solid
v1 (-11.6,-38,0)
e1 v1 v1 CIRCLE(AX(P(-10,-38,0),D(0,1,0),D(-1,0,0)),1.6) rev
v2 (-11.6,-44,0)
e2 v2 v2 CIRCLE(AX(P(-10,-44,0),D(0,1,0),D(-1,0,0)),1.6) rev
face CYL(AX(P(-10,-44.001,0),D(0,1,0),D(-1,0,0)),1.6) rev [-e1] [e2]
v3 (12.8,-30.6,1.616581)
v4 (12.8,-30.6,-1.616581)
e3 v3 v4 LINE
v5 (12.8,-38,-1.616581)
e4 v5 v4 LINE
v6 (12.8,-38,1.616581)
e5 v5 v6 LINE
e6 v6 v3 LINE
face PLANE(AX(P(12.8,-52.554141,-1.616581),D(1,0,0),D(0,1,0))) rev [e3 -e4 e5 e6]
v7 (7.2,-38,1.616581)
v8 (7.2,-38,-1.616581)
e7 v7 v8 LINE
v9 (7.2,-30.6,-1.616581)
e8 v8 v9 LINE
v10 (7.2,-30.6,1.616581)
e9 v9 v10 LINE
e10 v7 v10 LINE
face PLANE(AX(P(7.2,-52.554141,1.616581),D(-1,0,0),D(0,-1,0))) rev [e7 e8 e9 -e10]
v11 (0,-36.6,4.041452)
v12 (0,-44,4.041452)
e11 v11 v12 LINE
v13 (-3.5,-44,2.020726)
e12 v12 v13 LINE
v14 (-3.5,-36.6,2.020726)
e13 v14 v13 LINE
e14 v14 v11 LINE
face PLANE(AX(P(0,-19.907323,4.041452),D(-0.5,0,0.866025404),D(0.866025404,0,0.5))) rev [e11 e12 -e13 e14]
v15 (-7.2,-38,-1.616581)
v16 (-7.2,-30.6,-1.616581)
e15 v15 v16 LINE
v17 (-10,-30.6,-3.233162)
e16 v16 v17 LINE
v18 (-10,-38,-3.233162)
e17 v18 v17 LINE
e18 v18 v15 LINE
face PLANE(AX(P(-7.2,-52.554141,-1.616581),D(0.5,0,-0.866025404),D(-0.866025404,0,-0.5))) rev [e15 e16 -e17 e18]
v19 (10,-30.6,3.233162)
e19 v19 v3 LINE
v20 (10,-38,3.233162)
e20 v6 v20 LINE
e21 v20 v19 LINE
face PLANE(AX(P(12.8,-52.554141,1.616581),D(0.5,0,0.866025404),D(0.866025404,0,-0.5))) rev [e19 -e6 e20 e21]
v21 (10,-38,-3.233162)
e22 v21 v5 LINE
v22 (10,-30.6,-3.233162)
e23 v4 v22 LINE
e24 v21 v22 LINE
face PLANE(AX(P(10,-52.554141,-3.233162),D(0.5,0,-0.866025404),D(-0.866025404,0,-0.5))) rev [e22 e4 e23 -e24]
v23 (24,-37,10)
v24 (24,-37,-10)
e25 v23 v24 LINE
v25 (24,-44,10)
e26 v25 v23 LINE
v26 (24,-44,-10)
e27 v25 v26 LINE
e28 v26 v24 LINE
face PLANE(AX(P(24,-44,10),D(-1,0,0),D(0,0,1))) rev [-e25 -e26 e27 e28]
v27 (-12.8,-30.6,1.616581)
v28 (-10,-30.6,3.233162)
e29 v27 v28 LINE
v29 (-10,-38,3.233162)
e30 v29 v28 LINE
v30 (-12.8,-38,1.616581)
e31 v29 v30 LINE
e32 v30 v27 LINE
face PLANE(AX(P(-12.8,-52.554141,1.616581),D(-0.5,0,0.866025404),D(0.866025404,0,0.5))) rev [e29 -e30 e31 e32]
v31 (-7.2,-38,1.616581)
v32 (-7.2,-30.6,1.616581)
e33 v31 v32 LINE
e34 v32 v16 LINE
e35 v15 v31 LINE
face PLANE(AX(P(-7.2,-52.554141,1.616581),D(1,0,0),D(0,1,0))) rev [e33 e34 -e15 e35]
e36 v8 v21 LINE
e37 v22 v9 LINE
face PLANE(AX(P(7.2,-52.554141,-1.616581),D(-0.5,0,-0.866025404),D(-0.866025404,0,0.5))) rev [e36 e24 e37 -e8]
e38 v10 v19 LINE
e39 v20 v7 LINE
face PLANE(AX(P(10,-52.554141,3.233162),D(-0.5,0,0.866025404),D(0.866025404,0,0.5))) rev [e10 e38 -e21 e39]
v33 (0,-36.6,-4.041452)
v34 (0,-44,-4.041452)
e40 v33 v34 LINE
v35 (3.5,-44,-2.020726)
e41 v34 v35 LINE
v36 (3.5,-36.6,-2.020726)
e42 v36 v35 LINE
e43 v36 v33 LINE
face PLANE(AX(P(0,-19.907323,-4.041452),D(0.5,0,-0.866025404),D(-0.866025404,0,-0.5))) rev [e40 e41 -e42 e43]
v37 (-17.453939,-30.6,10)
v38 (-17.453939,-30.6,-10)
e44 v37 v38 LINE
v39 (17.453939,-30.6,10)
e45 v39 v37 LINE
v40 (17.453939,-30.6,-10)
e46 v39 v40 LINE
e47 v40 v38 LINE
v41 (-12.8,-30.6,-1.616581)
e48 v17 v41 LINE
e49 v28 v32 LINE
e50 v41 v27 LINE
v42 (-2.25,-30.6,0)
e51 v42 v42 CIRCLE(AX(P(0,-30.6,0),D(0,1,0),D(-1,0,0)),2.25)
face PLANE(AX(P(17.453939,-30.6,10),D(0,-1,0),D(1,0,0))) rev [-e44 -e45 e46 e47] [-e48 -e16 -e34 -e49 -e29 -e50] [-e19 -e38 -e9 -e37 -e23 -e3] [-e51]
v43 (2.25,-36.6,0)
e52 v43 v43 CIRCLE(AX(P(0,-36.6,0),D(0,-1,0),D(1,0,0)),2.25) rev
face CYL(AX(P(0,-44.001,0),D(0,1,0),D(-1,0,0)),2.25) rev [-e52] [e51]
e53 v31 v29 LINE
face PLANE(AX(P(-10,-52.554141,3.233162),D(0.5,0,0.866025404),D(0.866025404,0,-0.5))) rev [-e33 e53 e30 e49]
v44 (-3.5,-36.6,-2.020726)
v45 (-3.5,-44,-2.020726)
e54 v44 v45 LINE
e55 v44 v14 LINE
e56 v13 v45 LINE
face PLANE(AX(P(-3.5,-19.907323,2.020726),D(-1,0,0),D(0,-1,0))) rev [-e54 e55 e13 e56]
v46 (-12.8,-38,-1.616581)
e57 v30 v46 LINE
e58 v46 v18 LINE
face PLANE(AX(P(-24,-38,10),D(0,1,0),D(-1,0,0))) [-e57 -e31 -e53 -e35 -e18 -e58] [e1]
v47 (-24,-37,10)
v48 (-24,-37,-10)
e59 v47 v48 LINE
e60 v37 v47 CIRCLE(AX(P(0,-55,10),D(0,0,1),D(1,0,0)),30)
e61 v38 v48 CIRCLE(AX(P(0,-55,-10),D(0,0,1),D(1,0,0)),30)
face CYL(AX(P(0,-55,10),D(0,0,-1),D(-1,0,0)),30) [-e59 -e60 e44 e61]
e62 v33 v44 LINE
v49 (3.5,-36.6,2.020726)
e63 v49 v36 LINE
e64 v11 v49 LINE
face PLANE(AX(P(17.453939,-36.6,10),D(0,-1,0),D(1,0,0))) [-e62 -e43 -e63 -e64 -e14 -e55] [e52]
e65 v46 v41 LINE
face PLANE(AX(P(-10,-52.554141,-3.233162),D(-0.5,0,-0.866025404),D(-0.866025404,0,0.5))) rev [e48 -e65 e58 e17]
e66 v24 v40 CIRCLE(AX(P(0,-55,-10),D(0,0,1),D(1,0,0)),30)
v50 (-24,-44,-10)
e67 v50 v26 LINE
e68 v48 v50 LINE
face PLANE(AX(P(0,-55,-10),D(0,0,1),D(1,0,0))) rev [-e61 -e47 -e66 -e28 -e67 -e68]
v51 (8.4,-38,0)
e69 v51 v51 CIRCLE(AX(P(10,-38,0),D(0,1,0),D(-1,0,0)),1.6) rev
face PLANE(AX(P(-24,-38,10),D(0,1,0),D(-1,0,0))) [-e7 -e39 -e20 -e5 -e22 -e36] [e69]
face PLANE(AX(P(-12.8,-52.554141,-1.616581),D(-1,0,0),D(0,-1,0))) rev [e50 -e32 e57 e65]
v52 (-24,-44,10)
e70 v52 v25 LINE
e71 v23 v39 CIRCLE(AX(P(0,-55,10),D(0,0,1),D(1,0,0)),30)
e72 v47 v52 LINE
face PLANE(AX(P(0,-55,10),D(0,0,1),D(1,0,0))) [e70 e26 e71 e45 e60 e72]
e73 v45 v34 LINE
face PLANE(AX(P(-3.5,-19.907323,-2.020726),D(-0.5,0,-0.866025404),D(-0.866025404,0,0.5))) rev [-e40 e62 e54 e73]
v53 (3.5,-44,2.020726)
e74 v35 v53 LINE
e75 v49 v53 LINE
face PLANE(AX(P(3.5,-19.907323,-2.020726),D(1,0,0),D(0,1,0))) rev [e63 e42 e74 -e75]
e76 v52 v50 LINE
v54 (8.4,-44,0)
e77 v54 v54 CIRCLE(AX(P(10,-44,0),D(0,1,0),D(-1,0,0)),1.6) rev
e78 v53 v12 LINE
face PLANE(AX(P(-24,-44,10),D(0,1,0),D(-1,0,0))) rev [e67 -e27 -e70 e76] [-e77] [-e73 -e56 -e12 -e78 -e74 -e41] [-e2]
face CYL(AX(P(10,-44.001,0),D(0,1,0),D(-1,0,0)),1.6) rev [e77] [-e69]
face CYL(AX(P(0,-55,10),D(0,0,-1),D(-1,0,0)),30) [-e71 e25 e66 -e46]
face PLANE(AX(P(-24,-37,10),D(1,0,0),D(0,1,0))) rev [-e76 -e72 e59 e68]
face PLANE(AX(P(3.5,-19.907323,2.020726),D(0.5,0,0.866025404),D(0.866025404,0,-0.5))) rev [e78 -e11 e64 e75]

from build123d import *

# Parameters (mm, degrees)
BOSS_EXTRUDE1_DEPTH = 10
CUT_EXTRUDE1_REACH  = 15.4
SKETCH2_R           = 2.25
SKETCH2_R_2         = 1.6
CUT_EXTRUDE2_DEPTH  = 7.4
CUT_EXTRUDE3_DEPTH  = 7.4


with BuildPart() as part:
    # Sketch1 → Boss-Extrude1 (new body, symmetric)
    with BuildSketch(Plane.XY):
        with BuildLine():
            Line((17.453939383, -30.6), (-17.453939383, -30.6))
            ThreePointArc((-17.453939383, -30.6), (-20.972536151, -33.54882923), (-24, -37))
            Line((-24, -37), (-24, -44))
            Line((-24, -44), (24, -44))
            Line((24, -44), (24, -37))
            ThreePointArc((24, -37), (20.972536151, -33.54882923), (17.453939383, -30.6))
        make_face()
    extrude(amount=BOSS_EXTRUDE1_DEPTH, both=True)

    # Sketch2 → Cut-Extrude1 (cut, up to next)
    with BuildSketch(Plane(origin=(0, -30.6, 0), x_dir=(1, 0, 0), z_dir=(0, 1, 0)), mode=Mode.PRIVATE) as cut_extrude1_sk1:
        Circle(SKETCH2_R)
    cut_extrude1_tool1 = extrude(cut_extrude1_sk1.sketch, amount=-CUT_EXTRUDE1_REACH, mode=Mode.PRIVATE) & part.part
    add(cut_extrude1_tool1.solids().sort_by_distance((0, -30.6, 0))[0], mode=Mode.SUBTRACT)
    # Sketch2 → Cut-Extrude1 (cut, up to next)
    with BuildSketch(Plane(origin=(0, -30.6, 0), x_dir=(1, 0, 0), z_dir=(0, 1, 0)), mode=Mode.PRIVATE) as cut_extrude1_sk2:
        with Locations((-10, 0)):
            Circle(SKETCH2_R_2)
    cut_extrude1_tool2 = extrude(cut_extrude1_sk2.sketch, amount=-CUT_EXTRUDE1_REACH, mode=Mode.PRIVATE) & part.part
    add(cut_extrude1_tool2.solids().sort_by_distance((-10, -30.6, 0))[0], mode=Mode.SUBTRACT)
    # Sketch2 → Cut-Extrude1 (cut, up to next)
    with BuildSketch(Plane(origin=(0, -30.6, 0), x_dir=(1, 0, 0), z_dir=(0, 1, 0)), mode=Mode.PRIVATE) as cut_extrude1_sk3:
        with Locations((10, 0)):
            Circle(SKETCH2_R_2)
    cut_extrude1_tool3 = extrude(cut_extrude1_sk3.sketch, amount=-CUT_EXTRUDE1_REACH, mode=Mode.PRIVATE) & part.part
    add(cut_extrude1_tool3.solids().sort_by_distance((10, -30.6, 0))[0], mode=Mode.SUBTRACT)

    # Sketch3 → Cut-Extrude2 (cut)
    with BuildSketch(Plane(origin=(0, -30.6, 0), x_dir=(1, 0, 0), z_dir=(0, 1, 0))):
        Polygon((-10, -3.233161507), (-7.2, -1.616580754), (-7.2, 1.616580754), (-10, 3.233161507), (-12.8, 1.616580754), (-12.8, -1.616580754), align=None)
        Polygon((10, -3.233161507), (7.2, -1.616580754), (7.2, 1.616580754), (10, 3.233161507), (12.8, 1.616580754), (12.8, -1.616580754), align=None)
    extrude(amount=-CUT_EXTRUDE2_DEPTH, mode=Mode.SUBTRACT)

    # Sketch4 → Cut-Extrude3 (cut)
    with BuildSketch(Plane.XZ.offset(44)):
        Polygon((0, -4.041451884), (3.5, -2.020725942), (3.5, 2.020725942), (0, 4.041451884), (-3.5, 2.020725942), (-3.5, -2.020725942), align=None)
    extrude(amount=-CUT_EXTRUDE3_DEPTH, mode=Mode.SUBTRACT)


solid = part.part
